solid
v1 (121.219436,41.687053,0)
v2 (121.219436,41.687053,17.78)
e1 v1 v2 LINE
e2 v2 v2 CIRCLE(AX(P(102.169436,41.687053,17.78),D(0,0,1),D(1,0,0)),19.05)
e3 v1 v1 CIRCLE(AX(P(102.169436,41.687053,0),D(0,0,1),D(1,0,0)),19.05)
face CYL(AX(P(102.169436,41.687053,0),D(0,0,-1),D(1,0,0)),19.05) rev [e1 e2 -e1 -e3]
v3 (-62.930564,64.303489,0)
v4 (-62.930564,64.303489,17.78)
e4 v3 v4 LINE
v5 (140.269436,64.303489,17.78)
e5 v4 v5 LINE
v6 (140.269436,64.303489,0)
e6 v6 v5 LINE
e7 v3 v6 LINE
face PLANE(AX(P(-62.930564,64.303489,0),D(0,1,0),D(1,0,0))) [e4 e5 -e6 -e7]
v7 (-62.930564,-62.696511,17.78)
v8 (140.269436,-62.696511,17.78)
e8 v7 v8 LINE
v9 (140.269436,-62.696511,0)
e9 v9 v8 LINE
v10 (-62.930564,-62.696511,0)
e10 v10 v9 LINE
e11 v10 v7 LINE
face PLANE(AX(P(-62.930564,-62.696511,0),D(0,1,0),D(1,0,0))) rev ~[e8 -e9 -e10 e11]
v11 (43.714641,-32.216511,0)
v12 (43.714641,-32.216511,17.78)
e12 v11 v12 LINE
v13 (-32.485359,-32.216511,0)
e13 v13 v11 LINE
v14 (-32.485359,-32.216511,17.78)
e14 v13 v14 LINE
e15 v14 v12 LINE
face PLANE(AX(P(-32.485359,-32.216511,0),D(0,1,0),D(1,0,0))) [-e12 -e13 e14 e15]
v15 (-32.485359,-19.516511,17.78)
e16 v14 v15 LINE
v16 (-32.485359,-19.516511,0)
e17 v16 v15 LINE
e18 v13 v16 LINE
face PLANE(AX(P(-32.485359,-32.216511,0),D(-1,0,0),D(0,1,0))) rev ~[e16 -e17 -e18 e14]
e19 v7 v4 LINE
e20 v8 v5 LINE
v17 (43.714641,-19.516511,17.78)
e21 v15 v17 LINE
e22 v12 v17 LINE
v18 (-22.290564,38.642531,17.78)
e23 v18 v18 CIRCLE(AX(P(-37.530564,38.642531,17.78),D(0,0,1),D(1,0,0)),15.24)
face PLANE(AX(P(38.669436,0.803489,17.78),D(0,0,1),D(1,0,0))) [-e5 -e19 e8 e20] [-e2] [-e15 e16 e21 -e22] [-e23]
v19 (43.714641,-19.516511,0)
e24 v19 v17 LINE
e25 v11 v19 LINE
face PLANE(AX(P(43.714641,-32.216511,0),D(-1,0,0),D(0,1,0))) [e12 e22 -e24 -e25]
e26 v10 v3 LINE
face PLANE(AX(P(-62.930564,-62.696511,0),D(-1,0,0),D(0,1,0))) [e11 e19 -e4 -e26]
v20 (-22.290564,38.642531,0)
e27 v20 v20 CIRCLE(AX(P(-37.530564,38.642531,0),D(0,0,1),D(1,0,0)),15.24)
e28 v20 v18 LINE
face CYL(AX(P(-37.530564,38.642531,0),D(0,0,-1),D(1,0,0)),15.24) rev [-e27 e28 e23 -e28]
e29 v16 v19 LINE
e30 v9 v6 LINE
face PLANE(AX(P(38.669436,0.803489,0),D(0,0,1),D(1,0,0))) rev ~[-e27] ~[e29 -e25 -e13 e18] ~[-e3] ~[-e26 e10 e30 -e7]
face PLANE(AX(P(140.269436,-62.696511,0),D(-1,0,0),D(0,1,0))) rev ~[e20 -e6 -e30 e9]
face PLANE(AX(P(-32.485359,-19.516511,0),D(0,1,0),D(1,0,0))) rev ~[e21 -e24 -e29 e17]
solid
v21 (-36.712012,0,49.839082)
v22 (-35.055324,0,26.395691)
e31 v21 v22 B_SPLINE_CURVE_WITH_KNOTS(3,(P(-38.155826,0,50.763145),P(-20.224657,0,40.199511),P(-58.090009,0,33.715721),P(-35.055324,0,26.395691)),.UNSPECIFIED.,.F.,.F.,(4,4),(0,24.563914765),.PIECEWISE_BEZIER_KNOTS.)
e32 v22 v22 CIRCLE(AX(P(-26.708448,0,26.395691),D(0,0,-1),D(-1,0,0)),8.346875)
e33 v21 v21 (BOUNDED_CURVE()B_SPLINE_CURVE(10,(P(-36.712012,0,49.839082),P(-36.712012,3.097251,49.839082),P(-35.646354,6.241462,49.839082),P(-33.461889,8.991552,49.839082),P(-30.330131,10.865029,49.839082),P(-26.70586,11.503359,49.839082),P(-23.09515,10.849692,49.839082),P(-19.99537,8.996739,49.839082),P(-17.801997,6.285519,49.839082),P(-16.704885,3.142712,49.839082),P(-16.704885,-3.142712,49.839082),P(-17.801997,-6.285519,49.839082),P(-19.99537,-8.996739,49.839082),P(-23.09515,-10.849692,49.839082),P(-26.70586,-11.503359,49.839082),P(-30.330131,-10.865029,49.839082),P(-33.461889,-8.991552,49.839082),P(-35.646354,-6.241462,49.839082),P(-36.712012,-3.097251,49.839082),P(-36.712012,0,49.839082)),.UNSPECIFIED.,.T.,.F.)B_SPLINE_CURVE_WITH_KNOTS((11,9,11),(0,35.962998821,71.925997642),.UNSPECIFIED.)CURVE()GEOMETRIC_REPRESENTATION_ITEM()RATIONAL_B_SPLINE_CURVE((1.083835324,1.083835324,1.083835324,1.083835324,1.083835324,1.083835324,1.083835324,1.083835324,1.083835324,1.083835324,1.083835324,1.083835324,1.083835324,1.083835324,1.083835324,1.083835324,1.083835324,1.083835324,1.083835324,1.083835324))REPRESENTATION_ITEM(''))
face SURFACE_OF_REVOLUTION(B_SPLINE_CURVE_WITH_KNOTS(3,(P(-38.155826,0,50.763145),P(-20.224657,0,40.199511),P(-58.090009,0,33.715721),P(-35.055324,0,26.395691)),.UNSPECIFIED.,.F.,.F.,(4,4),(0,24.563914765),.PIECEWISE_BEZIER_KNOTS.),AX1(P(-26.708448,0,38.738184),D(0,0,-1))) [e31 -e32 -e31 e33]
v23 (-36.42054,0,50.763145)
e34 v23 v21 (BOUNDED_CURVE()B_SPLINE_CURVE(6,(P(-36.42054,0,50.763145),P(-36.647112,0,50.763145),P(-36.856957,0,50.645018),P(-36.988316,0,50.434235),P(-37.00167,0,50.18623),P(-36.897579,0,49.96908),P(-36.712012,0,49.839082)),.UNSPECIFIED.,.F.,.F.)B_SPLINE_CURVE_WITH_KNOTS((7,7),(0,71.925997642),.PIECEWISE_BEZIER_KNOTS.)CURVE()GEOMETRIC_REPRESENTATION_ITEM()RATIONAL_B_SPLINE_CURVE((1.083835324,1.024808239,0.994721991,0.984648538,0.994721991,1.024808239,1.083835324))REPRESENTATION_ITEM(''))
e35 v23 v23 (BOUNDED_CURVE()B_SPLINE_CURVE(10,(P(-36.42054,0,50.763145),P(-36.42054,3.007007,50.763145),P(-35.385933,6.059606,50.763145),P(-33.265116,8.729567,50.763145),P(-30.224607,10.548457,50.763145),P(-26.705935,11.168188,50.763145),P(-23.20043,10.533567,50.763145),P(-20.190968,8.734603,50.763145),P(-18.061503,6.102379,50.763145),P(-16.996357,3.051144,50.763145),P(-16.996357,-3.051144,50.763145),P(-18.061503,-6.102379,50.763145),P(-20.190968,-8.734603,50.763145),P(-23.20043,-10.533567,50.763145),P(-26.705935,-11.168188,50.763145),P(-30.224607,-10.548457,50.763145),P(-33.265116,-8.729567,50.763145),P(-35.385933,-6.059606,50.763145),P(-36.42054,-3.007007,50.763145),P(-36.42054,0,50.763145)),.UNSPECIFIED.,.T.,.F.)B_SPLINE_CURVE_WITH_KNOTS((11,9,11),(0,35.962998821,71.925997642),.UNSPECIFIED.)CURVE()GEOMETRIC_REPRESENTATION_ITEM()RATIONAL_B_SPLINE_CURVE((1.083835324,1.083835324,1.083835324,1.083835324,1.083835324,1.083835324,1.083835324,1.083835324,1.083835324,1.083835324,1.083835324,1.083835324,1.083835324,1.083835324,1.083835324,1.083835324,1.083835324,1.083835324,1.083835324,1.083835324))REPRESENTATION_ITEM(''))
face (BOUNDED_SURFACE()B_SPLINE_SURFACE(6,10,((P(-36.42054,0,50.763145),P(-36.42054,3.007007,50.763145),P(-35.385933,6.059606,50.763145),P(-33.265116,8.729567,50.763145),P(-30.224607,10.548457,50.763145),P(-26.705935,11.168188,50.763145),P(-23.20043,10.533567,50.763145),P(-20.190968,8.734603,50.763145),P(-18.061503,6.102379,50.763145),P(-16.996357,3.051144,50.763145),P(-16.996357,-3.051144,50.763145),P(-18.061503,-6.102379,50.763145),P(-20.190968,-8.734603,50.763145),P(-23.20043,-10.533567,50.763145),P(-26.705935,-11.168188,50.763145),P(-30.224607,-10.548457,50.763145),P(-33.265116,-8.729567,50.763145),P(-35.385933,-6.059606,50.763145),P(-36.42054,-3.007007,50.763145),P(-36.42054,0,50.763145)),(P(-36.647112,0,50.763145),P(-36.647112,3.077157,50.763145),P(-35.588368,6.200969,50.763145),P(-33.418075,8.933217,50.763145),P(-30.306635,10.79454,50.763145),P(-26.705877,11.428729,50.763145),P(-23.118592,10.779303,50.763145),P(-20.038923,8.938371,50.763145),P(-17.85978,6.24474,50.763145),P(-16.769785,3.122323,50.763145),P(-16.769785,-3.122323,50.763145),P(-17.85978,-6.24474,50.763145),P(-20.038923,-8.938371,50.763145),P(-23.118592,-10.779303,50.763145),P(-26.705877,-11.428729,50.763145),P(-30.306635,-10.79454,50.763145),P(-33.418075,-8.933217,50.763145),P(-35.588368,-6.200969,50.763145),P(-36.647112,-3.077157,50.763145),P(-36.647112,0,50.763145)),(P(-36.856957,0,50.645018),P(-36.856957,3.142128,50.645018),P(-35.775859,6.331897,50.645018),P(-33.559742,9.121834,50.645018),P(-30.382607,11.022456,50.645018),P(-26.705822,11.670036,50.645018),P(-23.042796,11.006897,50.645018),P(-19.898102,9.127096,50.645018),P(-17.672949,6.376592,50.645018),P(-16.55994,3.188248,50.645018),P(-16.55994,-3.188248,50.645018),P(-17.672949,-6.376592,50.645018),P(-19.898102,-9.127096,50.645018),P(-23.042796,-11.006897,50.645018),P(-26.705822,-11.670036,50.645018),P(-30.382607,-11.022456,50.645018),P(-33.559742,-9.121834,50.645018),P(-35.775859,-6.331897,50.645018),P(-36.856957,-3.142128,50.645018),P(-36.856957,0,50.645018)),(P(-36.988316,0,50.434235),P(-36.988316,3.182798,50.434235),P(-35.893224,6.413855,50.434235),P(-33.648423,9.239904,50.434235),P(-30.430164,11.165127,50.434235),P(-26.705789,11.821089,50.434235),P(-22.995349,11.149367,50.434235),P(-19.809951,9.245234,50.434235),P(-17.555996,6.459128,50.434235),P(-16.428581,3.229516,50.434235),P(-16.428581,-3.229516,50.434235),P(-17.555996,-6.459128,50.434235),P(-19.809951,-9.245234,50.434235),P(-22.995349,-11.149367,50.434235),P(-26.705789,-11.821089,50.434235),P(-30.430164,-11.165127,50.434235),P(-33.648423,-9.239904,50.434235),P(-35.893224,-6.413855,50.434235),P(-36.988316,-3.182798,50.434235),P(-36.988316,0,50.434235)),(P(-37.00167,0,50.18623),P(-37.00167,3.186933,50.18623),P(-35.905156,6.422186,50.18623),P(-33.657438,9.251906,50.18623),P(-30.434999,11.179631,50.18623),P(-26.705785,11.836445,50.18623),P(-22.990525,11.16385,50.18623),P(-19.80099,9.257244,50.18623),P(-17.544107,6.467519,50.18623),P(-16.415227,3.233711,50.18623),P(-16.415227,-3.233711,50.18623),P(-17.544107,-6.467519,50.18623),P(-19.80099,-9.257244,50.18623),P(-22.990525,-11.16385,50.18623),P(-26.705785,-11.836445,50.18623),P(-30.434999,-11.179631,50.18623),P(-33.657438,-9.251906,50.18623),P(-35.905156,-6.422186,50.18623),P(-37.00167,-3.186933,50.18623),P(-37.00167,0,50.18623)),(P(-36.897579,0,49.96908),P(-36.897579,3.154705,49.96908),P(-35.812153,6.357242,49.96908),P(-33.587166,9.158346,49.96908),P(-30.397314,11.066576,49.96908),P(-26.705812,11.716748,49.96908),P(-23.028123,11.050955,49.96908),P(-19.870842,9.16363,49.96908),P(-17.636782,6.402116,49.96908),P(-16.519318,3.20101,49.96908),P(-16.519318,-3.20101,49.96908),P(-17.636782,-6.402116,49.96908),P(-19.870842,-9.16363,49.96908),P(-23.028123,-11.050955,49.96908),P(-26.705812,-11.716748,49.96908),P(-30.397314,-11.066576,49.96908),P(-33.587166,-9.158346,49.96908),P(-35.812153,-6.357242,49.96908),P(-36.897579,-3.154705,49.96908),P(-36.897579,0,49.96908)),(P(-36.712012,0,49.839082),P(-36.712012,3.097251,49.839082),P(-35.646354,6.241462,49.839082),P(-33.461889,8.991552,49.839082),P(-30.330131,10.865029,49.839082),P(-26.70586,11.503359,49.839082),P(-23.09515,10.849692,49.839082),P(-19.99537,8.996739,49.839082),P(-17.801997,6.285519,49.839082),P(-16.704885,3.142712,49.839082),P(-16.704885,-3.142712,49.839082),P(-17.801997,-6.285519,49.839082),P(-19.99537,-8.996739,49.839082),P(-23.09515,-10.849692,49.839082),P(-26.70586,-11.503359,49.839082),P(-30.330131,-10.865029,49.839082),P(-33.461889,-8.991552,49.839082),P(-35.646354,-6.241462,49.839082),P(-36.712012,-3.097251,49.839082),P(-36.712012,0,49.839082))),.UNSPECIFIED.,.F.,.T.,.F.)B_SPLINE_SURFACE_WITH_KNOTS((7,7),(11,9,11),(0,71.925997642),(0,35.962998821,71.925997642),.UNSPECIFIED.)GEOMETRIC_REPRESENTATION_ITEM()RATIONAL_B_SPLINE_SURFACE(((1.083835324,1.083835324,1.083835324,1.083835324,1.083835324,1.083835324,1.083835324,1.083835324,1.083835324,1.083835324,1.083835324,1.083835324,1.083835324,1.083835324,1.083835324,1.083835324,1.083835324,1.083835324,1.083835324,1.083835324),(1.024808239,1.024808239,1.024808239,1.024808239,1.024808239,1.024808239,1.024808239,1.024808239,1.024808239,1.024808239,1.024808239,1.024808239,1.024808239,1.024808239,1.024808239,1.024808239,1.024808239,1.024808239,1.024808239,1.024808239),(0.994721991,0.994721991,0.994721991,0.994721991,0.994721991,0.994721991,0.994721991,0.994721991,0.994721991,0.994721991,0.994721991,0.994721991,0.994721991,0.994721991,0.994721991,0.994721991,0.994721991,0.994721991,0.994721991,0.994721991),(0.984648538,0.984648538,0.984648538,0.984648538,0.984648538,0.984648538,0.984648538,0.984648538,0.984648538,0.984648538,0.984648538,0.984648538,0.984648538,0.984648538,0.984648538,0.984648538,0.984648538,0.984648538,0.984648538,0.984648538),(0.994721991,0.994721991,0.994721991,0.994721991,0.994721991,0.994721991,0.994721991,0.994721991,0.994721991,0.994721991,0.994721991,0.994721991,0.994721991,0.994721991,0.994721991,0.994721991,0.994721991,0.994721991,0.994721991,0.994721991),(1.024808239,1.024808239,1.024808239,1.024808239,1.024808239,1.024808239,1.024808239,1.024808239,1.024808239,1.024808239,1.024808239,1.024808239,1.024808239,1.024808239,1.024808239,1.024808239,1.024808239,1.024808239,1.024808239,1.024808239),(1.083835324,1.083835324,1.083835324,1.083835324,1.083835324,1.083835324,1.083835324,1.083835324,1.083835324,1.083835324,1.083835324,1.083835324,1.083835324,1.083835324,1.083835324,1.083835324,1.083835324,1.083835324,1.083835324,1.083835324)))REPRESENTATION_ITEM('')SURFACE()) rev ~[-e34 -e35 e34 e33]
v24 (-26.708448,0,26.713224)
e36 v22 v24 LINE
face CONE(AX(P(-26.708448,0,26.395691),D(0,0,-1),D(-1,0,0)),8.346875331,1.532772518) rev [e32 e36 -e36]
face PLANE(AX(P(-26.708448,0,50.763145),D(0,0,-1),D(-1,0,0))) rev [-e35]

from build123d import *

# Parameters (mm, degrees)
F0_W     = 203.2
F0_H     = 127
F0_W_2   = 76.2
F0_H_2   = 12.7
F0_R     = 15.24
F0_R_2   = 19.05
F1_DEPTH = 17.78
F4_R     = 0.508


with BuildPart() as f1:
    # F0 (on Top) → F1 (new body)
    with BuildSketch(Plane.XY):
        with Locations((38.6694358299, 0.803489238)):
            Rectangle(F0_W, F0_H)
        with Locations((5.614640674, -25.866510762)):
            Rectangle(F0_W_2, F0_H_2, mode=Mode.SUBTRACT)
        with Locations((-37.5305641701, 38.6425306101)):
            Circle(F0_R, mode=Mode.SUBTRACT)
        with Locations((102.1694358299, 41.6870533127)):
            Circle(F0_R_2, mode=Mode.SUBTRACT)
    extrude(amount=F1_DEPTH)


with BuildPart() as f3:
    # F2 (on Front) → F3 (revolve)
    with BuildSketch(Plane.XZ):
        with BuildLine():
            Line((-26.7084483057, 50.7631446134), (-38.1558263673, 50.7631446134))
            add(Edge.make_bspline(
                [(-38.1558263673, 50.7631446134), (-20.2246569097, 40.1995107532), (-58.0900087953, 33.7157212198), (-35.0553236364, 26.3956910868)],
                knots=[0, 0, 0, 0, 24.5639147645, 24.5639147645, 24.5639147645, 24.5639147645], degree=3))
            Line((-35.0553236364, 26.3956910868), (-26.7084483057, 26.7132241279))
            Line((-26.7084483057, 26.7132241279), (-26.7084483057, 50.7631446134))
        make_face()
    revolve(axis=Axis((-26.7084483057, 0, 38.7381843706), (0, 0, -1)))

    # F4
    f4_edges = [f3.edges().sort_by_distance(p)[0] for p in [
        (-15.26107, 0, 50.763145),
    ]]
    fillet(f4_edges, radius=F4_R)


solid = Compound([f1.part, f3.part])
